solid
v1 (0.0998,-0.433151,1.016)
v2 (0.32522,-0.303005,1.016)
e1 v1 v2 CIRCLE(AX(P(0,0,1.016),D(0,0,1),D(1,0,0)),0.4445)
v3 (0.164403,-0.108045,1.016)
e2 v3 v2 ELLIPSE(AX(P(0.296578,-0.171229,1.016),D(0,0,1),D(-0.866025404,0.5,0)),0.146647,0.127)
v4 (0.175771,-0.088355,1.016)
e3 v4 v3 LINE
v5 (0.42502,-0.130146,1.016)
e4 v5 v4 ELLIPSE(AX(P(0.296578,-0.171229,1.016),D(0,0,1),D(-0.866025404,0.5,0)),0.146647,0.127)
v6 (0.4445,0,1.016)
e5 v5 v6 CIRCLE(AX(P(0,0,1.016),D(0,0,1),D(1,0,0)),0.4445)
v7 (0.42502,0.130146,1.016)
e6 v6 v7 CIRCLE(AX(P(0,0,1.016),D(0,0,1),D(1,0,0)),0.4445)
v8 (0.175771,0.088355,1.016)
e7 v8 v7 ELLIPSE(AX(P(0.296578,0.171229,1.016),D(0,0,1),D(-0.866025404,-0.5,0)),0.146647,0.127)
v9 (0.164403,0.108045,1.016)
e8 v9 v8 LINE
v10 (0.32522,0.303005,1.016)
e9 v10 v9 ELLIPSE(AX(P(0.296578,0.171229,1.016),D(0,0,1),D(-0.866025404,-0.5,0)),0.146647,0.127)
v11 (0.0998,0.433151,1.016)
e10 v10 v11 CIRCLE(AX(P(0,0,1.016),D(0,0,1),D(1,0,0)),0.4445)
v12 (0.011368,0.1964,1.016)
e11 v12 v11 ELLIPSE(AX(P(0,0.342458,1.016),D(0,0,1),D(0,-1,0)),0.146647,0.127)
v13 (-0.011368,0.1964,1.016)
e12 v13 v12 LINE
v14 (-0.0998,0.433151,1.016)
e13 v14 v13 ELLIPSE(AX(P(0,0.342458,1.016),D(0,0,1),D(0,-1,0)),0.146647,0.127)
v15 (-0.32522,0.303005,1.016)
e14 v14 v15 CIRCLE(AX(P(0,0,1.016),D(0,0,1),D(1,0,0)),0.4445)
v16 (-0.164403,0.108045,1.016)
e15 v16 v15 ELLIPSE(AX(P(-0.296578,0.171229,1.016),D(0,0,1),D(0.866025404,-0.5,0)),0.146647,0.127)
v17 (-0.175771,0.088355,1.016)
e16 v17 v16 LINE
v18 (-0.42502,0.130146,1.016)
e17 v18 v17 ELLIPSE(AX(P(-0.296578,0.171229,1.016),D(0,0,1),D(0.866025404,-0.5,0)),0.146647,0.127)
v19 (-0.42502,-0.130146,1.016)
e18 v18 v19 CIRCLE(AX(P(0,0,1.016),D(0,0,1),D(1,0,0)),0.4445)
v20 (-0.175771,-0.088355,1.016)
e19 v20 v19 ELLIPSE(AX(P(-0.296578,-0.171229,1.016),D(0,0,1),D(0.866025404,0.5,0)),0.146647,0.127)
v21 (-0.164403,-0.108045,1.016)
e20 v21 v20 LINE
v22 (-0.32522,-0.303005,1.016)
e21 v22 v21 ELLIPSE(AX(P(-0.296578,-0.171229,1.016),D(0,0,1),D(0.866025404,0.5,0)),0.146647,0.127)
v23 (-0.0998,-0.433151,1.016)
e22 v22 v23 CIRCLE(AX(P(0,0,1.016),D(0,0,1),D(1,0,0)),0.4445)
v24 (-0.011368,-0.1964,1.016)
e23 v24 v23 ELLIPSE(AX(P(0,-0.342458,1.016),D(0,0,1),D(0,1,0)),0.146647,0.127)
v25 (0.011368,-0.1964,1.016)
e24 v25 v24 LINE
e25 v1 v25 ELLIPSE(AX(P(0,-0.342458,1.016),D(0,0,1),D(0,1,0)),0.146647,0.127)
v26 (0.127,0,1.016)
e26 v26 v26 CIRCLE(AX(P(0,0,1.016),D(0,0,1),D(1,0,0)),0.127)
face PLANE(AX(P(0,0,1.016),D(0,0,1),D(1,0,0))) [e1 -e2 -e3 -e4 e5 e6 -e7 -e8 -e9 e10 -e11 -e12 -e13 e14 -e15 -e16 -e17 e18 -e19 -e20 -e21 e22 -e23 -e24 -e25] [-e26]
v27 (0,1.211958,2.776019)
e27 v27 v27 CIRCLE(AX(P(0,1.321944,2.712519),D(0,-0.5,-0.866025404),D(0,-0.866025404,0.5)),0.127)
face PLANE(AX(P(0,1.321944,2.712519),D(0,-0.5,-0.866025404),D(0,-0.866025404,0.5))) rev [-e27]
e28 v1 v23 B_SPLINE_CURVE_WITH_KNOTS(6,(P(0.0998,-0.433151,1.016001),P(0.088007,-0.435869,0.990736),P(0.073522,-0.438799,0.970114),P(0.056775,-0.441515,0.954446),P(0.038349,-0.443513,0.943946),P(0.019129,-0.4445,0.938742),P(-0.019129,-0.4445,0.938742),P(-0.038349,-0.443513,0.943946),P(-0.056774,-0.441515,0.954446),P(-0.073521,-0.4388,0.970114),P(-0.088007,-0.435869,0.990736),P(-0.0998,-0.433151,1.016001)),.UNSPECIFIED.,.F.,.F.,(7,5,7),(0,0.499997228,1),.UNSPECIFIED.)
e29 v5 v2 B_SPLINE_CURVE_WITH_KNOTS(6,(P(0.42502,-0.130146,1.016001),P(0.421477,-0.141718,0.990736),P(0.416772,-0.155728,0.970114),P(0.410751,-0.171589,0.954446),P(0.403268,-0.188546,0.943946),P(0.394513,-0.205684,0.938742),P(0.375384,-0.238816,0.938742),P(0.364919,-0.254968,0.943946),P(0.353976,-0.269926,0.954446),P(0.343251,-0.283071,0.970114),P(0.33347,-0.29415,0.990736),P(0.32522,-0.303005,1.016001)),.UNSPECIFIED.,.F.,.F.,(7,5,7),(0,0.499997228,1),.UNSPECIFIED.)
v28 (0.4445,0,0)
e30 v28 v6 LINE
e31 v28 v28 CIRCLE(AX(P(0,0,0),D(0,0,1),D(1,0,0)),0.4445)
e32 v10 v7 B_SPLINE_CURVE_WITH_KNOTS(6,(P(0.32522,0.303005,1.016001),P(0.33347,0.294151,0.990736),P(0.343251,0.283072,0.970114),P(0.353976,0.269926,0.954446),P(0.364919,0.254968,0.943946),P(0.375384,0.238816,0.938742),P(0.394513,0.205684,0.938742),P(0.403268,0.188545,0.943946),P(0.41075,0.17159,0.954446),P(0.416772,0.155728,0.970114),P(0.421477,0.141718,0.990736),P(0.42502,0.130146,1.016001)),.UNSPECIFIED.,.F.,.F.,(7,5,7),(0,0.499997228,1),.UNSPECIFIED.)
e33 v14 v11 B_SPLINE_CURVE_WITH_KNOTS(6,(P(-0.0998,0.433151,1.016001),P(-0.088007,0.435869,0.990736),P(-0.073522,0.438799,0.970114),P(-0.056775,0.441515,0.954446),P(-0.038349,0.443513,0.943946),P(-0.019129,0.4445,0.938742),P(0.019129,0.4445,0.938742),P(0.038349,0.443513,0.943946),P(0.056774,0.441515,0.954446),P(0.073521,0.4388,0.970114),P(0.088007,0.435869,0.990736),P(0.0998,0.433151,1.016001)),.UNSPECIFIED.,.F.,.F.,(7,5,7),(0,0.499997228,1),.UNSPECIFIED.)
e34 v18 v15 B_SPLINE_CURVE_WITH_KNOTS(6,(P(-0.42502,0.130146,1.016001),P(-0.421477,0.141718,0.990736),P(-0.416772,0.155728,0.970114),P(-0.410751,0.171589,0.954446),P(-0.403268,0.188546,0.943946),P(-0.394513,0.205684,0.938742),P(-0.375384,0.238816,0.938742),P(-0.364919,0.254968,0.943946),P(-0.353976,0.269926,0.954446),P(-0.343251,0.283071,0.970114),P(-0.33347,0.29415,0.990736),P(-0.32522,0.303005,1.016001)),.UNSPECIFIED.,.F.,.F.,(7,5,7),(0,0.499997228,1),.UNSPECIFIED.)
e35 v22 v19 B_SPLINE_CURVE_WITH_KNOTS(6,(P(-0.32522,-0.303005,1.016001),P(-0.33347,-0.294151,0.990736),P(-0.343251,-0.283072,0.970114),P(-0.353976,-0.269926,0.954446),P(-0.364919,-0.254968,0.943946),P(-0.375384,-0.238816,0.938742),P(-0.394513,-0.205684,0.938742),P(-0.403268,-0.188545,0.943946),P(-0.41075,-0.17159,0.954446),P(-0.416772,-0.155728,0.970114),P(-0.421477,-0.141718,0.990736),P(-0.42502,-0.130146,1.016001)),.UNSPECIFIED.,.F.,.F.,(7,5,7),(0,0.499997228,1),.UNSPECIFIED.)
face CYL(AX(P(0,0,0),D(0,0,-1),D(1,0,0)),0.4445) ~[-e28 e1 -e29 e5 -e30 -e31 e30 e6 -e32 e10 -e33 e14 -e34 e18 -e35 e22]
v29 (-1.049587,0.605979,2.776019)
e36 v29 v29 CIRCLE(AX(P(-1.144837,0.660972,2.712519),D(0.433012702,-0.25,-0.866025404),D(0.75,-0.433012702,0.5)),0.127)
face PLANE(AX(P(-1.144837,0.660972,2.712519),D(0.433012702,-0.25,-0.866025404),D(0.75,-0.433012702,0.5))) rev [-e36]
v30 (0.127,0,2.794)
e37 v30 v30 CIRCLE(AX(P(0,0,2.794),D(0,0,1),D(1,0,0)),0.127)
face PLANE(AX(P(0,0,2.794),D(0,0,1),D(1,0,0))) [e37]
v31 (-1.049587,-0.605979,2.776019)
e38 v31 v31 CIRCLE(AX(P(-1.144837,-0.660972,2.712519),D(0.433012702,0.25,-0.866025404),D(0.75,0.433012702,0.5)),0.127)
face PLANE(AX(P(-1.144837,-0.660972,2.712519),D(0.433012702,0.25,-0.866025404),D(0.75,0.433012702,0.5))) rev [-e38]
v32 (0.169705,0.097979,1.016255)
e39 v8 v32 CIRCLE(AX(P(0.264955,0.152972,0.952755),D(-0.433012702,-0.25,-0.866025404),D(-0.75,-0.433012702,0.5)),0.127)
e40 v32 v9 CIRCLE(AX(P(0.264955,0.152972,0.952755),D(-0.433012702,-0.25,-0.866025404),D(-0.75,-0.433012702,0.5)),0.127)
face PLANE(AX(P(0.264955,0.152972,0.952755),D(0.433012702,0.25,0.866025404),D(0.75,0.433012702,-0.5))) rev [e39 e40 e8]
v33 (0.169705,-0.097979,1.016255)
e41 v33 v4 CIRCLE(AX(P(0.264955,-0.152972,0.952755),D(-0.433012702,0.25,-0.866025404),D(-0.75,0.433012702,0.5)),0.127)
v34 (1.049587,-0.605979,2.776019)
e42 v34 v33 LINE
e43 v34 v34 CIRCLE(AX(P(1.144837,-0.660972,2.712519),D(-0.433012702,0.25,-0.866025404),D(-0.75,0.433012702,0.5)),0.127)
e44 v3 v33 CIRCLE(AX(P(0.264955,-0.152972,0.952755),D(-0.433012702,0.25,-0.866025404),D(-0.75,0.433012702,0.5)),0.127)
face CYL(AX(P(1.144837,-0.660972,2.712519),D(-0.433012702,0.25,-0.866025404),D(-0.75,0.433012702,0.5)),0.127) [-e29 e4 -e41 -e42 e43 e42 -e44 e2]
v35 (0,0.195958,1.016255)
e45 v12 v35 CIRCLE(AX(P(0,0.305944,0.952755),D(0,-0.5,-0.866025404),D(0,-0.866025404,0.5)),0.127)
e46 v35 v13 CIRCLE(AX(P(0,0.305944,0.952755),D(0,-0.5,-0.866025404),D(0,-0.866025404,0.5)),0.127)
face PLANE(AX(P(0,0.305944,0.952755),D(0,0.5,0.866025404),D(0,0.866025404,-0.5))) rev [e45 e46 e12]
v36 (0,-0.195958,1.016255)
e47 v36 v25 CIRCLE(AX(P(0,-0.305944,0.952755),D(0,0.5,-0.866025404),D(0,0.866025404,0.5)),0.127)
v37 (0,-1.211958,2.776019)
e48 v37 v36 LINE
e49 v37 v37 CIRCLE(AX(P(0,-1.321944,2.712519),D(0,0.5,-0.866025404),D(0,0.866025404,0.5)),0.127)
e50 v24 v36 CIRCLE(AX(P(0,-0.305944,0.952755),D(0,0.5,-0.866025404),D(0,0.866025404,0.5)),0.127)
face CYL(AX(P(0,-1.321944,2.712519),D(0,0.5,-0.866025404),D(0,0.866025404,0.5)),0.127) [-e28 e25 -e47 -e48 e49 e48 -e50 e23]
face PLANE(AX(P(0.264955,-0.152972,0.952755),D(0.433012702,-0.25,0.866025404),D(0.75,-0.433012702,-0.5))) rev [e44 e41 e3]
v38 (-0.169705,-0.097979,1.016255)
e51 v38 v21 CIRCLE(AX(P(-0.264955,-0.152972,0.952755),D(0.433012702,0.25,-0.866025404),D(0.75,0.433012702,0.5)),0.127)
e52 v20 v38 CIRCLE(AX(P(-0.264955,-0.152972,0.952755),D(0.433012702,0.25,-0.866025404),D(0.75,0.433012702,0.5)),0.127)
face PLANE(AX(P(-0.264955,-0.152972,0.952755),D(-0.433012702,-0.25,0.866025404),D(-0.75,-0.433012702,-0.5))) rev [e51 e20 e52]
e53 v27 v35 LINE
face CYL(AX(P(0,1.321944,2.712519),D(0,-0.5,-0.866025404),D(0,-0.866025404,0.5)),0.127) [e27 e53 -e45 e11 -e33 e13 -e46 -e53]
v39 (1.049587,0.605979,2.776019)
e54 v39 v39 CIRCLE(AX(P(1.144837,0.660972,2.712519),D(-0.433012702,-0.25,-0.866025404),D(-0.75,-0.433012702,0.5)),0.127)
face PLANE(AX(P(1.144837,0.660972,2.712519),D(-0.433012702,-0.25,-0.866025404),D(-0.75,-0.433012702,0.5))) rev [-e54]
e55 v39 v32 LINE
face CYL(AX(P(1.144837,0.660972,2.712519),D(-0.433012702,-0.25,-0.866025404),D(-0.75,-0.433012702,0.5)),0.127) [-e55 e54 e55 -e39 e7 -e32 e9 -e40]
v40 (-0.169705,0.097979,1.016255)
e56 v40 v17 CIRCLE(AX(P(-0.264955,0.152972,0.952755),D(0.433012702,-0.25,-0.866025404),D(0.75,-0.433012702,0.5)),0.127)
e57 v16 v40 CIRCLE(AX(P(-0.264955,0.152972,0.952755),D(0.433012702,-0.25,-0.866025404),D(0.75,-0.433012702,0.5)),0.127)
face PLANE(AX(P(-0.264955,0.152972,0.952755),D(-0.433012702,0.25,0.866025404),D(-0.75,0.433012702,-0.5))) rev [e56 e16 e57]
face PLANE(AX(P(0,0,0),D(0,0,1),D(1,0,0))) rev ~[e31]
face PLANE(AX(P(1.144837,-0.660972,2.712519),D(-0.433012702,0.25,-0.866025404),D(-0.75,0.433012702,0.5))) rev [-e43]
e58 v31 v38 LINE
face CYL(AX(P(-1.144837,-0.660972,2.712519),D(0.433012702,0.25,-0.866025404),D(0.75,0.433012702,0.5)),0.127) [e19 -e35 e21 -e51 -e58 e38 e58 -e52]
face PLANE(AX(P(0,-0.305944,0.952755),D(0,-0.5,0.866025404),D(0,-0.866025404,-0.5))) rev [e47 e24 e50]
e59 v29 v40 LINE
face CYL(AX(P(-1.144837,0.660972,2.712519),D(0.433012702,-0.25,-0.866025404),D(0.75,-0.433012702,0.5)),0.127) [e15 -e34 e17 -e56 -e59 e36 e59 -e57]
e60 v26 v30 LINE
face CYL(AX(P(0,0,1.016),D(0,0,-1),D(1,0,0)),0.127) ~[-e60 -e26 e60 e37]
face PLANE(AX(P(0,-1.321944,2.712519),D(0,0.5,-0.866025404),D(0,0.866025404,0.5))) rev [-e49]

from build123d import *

# Parameters (mm, degrees)
SKETCH1_R         = 0.4445
EXTRUDE1_DEPTH    = 1.016
SKETCH2_R         = 0.127
EXTRUDE2_DEPTH    = 1.778
CIRPATTERN1_COUNT = 6


with BuildPart() as part:
    # Sketch1 → Extrude1 (new body)
    with BuildSketch(Plane.XY):
        Circle(SKETCH1_R)
    extrude(amount=EXTRUDE1_DEPTH)

    # Sketch2 → Extrude2 (add)
    with BuildSketch(Plane.XY.offset(1.016)):
        Circle(SKETCH2_R)
    extrude(amount=EXTRUDE2_DEPTH)

    # Sketch5 → Revolve1 (revolve)
    with BuildSketch(Plane(origin=(0, 0, 0), x_dir=(0, 0, -1), z_dir=(1, 0, 0))):
        Polygon((-0.889254909, 0.415928891), (-0.952754909, 0.305943665), (-2.712518529, 1.321943665), (-2.649018529, 1.431928891), align=None)
    revolve1 = revolve(axis=Axis((0, 1.321943665, 2.712518529), (0, -0.49999999999998906, -0.866025403784445)))

    # CirPattern1: Revolve1 ×6 about axis
    cirpattern1_axis = Axis((0, 0, 2.794), (0, 0, -1))
    for i in range(1, CIRPATTERN1_COUNT):
        add(revolve1.rotate(cirpattern1_axis, i * 360 / CIRPATTERN1_COUNT))


solid = part.part
